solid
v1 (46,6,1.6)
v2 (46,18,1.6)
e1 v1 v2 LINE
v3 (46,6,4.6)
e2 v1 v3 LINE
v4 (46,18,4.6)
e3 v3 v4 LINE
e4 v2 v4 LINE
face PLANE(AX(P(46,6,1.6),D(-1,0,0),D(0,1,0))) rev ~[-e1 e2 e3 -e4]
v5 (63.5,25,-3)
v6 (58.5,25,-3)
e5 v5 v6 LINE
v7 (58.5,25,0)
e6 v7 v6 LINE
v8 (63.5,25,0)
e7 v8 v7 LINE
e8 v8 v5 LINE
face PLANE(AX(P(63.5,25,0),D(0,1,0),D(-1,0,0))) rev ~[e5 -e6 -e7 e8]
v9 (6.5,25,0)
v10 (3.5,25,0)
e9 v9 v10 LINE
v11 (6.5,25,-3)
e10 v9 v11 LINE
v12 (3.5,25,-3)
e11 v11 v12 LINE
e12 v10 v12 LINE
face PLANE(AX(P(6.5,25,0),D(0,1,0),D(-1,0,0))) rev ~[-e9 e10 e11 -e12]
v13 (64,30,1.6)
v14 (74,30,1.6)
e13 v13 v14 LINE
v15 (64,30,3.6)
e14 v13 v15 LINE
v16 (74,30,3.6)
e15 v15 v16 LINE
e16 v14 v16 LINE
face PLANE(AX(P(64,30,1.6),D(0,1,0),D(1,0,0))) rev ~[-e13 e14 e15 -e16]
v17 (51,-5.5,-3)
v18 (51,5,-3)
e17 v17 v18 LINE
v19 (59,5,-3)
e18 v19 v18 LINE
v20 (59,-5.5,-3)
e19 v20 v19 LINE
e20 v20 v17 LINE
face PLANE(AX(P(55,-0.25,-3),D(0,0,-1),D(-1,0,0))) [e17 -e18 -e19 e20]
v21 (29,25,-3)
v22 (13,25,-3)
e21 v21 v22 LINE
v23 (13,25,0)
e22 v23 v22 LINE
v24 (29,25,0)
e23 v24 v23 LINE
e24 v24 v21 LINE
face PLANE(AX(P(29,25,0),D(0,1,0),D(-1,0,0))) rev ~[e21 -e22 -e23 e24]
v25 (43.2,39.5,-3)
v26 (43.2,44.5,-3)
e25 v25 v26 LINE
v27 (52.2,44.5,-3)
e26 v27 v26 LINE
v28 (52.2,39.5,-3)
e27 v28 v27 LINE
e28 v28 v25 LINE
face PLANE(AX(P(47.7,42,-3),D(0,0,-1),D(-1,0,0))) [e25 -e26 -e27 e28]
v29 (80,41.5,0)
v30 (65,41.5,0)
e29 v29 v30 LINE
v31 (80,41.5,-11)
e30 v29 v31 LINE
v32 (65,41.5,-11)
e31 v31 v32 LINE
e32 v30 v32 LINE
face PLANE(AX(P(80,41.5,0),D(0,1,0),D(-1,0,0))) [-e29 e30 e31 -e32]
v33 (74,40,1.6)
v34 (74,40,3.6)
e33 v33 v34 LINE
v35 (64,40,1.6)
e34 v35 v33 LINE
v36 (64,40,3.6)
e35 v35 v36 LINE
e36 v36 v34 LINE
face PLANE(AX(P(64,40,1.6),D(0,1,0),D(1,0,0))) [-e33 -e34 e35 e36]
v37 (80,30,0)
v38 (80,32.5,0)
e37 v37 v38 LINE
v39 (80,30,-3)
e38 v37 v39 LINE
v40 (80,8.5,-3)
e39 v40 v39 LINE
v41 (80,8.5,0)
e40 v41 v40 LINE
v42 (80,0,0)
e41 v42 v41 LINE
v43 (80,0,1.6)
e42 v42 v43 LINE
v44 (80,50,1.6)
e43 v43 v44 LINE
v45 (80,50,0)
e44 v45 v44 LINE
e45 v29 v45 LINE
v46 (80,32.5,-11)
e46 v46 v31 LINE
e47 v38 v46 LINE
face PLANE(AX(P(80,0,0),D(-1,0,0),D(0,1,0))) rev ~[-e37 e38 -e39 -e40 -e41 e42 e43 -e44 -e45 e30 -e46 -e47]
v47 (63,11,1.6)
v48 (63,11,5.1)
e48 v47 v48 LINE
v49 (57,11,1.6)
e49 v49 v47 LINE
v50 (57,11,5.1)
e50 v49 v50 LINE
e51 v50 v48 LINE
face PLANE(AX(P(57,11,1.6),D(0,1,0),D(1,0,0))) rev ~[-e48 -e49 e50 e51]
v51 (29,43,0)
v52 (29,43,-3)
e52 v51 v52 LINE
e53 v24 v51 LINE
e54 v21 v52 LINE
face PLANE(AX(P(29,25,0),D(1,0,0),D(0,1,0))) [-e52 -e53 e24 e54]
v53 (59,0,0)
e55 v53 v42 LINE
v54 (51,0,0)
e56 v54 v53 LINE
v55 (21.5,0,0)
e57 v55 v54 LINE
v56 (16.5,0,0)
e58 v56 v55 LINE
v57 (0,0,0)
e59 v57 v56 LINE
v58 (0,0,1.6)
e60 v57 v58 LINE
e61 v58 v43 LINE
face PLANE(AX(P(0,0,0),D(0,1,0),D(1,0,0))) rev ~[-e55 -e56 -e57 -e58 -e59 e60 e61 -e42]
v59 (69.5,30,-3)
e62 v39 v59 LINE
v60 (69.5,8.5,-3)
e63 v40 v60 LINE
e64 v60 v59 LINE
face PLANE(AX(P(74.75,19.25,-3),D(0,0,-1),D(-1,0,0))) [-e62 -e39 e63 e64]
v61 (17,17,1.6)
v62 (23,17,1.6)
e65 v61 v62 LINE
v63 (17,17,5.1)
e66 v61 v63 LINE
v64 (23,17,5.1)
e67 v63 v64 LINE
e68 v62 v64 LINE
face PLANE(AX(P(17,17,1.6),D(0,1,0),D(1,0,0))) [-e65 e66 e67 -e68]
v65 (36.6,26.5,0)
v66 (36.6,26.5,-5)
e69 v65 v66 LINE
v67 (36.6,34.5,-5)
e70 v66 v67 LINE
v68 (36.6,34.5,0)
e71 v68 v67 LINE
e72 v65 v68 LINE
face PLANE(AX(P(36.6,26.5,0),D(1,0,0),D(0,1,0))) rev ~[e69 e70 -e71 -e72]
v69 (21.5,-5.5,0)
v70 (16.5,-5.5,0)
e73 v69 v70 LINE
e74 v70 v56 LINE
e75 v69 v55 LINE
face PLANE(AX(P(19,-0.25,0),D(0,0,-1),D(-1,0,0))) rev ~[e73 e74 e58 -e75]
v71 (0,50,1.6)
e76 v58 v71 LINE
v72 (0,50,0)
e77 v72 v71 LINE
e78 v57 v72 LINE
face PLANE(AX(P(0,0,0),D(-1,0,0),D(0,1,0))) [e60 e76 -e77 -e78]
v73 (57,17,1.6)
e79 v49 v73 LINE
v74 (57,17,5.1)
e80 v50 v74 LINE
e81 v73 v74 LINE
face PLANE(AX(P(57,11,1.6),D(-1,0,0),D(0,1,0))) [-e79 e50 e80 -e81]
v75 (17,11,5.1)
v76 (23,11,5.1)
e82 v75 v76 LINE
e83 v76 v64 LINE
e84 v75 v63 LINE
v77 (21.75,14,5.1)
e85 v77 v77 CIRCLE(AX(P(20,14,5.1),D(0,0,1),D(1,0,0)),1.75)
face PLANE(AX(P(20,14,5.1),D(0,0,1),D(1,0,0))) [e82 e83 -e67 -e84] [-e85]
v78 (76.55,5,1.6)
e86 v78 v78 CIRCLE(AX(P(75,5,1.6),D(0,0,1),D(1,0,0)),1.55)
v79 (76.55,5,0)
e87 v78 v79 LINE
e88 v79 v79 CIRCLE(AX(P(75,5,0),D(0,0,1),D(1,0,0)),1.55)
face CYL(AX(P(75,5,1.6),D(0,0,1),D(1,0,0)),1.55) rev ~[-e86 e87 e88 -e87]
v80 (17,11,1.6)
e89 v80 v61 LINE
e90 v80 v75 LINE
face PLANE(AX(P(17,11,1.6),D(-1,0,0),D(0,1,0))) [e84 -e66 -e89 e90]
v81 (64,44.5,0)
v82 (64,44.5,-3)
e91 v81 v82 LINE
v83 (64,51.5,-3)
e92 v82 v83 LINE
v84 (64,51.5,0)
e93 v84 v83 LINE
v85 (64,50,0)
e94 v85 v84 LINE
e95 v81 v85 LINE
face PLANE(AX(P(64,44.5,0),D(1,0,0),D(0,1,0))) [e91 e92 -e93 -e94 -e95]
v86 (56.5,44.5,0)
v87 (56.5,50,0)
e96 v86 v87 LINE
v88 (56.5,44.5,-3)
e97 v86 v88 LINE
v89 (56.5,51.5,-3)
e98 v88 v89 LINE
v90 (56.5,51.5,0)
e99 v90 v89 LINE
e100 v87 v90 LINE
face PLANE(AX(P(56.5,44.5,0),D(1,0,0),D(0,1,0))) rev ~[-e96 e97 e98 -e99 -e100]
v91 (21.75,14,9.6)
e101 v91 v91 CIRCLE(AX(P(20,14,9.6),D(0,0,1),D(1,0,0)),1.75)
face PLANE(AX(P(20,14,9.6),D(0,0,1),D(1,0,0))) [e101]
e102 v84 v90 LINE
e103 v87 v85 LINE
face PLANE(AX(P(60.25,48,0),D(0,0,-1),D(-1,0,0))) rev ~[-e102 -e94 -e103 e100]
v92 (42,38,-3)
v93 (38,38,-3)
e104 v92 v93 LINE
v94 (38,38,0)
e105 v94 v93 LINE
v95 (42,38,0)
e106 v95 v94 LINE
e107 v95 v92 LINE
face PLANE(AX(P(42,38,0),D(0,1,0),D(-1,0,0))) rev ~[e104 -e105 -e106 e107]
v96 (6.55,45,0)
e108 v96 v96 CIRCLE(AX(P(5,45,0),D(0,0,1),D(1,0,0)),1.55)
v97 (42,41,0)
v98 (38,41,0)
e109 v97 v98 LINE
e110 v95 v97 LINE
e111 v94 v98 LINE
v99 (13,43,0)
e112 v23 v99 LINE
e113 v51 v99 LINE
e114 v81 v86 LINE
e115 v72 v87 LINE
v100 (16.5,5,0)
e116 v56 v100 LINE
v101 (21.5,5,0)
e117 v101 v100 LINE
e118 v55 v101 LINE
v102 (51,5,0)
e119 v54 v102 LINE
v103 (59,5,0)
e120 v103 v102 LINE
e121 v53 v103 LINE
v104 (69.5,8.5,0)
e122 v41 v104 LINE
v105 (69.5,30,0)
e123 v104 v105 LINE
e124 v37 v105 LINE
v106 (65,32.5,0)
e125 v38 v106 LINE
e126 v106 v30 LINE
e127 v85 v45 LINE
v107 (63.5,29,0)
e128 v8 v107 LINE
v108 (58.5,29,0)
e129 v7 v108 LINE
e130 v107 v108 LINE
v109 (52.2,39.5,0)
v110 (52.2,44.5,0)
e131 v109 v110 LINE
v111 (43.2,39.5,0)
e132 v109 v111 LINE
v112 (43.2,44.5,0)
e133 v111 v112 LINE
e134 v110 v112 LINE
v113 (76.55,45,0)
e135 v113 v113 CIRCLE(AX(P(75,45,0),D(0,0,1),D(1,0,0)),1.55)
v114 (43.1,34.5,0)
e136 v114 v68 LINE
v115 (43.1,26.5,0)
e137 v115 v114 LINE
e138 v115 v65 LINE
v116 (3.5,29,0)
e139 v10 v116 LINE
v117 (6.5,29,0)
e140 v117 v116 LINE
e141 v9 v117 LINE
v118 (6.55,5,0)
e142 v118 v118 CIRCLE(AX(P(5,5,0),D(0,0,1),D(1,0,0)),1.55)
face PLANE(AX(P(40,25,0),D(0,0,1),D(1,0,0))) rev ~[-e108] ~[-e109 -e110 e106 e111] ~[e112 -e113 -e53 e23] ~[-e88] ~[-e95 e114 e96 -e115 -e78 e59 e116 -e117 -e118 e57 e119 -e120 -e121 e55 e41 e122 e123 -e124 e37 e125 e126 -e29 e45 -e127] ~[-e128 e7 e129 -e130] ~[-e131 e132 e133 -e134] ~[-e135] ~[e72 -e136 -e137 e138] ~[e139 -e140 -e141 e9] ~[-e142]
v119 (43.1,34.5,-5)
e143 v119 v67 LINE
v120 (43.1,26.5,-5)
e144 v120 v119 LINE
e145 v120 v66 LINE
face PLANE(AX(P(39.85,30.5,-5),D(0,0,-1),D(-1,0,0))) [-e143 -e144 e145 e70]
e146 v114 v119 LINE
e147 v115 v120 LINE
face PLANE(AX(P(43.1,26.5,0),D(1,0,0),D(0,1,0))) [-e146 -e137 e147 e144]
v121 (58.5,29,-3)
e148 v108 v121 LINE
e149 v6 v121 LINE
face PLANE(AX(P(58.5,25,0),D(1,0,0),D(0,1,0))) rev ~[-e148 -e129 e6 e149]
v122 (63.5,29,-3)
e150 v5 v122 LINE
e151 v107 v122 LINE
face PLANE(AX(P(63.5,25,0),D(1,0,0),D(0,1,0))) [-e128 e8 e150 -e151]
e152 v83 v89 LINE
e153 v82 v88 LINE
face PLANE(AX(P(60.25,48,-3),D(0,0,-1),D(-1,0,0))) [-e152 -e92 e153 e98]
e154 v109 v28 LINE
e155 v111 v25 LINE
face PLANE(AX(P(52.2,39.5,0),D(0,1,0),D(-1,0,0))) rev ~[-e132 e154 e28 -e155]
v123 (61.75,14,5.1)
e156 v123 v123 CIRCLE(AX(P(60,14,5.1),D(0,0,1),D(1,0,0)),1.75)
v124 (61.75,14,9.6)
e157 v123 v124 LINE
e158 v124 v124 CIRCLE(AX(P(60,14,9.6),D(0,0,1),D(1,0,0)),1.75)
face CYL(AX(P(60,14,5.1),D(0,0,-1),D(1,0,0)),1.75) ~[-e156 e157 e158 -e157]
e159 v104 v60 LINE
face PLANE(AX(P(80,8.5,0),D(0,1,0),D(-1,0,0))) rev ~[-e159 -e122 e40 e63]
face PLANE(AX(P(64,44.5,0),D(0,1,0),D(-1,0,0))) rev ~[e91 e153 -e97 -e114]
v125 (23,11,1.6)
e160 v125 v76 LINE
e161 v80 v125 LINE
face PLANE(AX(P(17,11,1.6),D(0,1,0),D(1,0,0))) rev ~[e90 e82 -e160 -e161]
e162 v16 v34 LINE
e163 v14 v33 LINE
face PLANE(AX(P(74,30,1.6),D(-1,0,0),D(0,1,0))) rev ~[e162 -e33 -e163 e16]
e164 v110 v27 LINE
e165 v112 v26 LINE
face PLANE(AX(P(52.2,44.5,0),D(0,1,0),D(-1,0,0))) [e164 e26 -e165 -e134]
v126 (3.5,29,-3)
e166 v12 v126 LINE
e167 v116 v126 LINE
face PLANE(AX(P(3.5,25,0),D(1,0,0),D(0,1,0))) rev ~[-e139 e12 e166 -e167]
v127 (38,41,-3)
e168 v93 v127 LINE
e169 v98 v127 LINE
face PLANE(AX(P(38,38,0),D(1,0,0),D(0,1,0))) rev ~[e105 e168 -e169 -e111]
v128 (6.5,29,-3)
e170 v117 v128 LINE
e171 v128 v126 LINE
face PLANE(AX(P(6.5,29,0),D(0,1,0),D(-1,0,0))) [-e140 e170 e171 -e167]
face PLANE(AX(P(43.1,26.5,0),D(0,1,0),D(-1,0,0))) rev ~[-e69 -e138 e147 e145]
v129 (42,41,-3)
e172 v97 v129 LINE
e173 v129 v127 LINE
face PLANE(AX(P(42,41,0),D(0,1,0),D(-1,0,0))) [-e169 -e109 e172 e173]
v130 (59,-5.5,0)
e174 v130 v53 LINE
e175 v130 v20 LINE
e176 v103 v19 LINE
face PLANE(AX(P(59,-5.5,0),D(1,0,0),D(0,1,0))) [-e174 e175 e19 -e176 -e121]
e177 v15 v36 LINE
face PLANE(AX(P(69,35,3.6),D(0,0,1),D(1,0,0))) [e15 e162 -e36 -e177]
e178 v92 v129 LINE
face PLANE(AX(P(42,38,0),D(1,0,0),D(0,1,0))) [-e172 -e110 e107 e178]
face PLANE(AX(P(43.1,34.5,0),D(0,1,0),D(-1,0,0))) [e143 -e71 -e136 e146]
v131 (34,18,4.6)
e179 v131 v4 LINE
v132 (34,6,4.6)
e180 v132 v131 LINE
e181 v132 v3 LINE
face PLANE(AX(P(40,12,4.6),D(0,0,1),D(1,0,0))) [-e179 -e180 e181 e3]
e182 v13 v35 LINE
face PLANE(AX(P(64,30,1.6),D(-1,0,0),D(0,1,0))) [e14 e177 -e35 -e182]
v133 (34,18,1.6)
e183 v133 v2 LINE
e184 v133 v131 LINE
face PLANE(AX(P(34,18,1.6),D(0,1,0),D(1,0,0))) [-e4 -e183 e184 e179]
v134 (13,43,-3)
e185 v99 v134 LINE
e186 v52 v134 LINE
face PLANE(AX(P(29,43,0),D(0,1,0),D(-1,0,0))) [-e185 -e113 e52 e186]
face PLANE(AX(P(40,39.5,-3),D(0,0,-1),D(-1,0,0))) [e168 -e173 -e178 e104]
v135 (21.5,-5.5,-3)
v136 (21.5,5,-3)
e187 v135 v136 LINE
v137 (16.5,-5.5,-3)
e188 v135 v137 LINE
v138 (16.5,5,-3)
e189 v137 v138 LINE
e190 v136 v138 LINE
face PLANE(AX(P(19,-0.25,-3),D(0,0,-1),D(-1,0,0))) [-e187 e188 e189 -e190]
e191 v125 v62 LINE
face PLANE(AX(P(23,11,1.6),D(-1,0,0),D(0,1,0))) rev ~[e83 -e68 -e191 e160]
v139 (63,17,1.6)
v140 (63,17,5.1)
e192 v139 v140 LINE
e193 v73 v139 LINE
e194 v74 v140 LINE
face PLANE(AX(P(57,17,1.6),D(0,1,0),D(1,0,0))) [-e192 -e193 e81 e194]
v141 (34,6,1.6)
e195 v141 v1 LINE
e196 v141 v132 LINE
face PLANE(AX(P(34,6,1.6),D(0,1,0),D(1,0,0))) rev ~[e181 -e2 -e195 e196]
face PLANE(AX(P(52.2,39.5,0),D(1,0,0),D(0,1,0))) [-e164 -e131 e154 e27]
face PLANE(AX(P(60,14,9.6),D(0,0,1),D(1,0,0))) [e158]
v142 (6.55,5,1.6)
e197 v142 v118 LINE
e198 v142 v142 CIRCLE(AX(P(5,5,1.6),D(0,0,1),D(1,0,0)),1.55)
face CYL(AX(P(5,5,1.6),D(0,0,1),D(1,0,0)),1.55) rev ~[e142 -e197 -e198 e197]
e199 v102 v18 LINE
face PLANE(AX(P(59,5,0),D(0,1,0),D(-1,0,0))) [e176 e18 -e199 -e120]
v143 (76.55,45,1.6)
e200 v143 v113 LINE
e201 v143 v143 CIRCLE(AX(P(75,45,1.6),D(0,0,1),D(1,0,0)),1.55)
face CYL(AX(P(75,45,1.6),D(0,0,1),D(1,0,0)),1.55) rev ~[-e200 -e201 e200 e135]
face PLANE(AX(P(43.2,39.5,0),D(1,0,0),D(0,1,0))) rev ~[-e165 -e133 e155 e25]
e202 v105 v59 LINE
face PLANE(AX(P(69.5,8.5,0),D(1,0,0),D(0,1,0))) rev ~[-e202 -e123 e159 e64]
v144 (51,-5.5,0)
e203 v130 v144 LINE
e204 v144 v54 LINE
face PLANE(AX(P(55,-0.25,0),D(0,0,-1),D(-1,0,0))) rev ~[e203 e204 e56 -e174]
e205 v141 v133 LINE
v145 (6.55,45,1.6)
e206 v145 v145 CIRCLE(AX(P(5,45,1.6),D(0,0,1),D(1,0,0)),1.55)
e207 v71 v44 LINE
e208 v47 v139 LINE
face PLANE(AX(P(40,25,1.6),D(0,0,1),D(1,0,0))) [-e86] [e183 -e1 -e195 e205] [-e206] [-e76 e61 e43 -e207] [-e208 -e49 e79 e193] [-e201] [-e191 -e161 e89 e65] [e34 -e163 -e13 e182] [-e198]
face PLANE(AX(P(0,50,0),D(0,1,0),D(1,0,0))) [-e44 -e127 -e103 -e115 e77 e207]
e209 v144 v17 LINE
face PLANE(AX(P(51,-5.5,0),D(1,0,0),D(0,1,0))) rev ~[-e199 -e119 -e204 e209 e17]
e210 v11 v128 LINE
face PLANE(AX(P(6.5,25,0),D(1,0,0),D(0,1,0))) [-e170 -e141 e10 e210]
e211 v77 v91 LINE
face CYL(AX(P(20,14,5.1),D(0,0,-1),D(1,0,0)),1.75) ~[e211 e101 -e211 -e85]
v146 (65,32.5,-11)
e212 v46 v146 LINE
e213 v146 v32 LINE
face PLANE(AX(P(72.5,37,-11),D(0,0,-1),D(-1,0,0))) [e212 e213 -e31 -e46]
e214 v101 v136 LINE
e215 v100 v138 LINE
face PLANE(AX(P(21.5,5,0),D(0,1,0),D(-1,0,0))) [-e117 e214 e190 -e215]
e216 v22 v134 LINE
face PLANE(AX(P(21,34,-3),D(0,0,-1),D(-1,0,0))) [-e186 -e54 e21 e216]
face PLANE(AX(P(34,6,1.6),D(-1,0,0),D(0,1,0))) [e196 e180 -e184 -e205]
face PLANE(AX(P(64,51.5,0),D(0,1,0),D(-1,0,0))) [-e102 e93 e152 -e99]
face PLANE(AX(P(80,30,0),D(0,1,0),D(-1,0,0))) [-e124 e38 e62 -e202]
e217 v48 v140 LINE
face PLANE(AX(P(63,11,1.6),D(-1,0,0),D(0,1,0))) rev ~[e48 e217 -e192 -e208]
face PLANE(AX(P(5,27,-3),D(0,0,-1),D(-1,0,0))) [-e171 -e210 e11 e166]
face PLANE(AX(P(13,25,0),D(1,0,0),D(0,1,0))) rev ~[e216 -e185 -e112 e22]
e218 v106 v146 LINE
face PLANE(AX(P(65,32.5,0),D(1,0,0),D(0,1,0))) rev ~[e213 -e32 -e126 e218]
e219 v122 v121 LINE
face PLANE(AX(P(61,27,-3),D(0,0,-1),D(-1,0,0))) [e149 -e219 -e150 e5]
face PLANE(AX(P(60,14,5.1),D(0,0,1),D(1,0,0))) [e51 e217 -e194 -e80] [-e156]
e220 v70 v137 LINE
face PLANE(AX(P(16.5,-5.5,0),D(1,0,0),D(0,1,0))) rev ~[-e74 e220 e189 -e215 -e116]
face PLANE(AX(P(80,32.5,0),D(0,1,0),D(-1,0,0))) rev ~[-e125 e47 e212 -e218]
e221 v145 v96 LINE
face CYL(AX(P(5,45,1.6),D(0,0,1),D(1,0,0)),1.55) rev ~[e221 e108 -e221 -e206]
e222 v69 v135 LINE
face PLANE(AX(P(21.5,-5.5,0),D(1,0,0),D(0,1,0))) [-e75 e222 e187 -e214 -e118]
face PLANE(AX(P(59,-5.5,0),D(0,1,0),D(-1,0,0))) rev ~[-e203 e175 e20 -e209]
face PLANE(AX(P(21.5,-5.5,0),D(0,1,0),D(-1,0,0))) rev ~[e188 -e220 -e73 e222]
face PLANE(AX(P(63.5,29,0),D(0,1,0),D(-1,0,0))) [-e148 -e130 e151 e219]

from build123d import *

# Parameters (mm, degrees)
SKETCH_1_W          = 80
SKETCH_1_H          = 50
EXTRUDE_1_DEPTH     = 1.6
SKETCH_2_R          = 1.55
CUT_EXTRUDE_1_DEPTH = 2.6
SKETCH_3_W          = 6
SKETCH_3_H          = 6
EXTRUDE_2_DEPTH     = 3.5
SKETCH_4_R          = 1.75
EXTRUDE_3_DEPTH     = 4.5
SKETCH_5_W          = 12
SKETCH_5_H          = 12
EXTRUDE_4_DEPTH     = 3
SKETCH_6_W          = 10
SKETCH_6_H          = 10
EXTRUDE_5_DEPTH     = 2
SKETCH_7_W          = 16
SKETCH_7_H          = 18
SKETCH_7_W_2        = 3
SKETCH_7_H_2        = 4
SKETCH_7_W_3        = 5
SKETCH_7_H_3        = 10.5
SKETCH_7_W_4        = 8
SKETCH_7_W_5        = 10.5
SKETCH_7_H_4        = 21.5
SKETCH_7_W_6        = 7.5
SKETCH_7_H_5        = 7
SKETCH_7_W_7        = 9
SKETCH_7_H_6        = 5
SKETCH_7_W_8        = 4
SKETCH_7_H_7        = 3
EXTRUDE_6_DEPTH     = 3
SKETCH_8_W          = 6.5
SKETCH_8_H          = 8
EXTRUDE_7_DEPTH     = 5
SKETCH_9_W          = 15
SKETCH_9_H          = 9
EXTRUDE_8_DEPTH     = 11


with BuildPart() as part:
    # ｽｹｯﾁ1 → ﾎﾞｽ - 押し出し1 (new body)
    with BuildSketch(Plane.XY):
        with Locations((40, 25)):
            Rectangle(SKETCH_1_W, SKETCH_1_H)
    extrude(amount=EXTRUDE_1_DEPTH)

    # ｽｹｯﾁ2 → ｶｯﾄ - 押し出し1 (cut, through all)
    with BuildSketch(Plane.XY.offset(1.6)):
        with Locations((75, 45)):
            Circle(SKETCH_2_R)
        with Locations((75, 5)):
            Circle(SKETCH_2_R)
        with Locations((5, 5)):
            Circle(SKETCH_2_R)
        with Locations((5, 45)):
            Circle(SKETCH_2_R)
    extrude(amount=-CUT_EXTRUDE_1_DEPTH, mode=Mode.SUBTRACT)

    # ｽｹｯﾁ3 → ﾎﾞｽ - 押し出し2 (add)
    with BuildSketch(Plane.XY.offset(1.6)):
        with Locations((60, 14)):
            Rectangle(SKETCH_3_W, SKETCH_3_H)
        with Locations((20, 14)):
            Rectangle(SKETCH_3_W, SKETCH_3_H)
    extrude(amount=EXTRUDE_2_DEPTH)

    # ｽｹｯﾁ4 → ﾎﾞｽ - 押し出し3 (add)
    with BuildSketch(Plane.XY.offset(5.1)):
        with Locations((20, 14)):
            Circle(SKETCH_4_R)
        with Locations((60, 14)):
            Circle(SKETCH_4_R)
    extrude(amount=EXTRUDE_3_DEPTH)

    # ｽｹｯﾁ5 → ﾎﾞｽ - 押し出し4 (add)
    with BuildSketch(Plane.XY.offset(1.6)):
        with Locations((40, 12)):
            Rectangle(SKETCH_5_W, SKETCH_5_H)
    extrude(amount=EXTRUDE_4_DEPTH)

    # ｽｹｯﾁ6 → ﾎﾞｽ - 押し出し5 (add)
    with BuildSketch(Plane.XY.offset(1.6)):
        with Locations((69, 35)):
            Rectangle(SKETCH_6_W, SKETCH_6_H)
    extrude(amount=EXTRUDE_5_DEPTH)

    # ｽｹｯﾁ7 → ﾎﾞｽ - 押し出し6 (add)
    with BuildSketch(Plane(origin=(0, 0, 0), x_dir=(-1, 0, 0), z_dir=(0, 0, -1))):
        with Locations((-21, 34)):
            Rectangle(SKETCH_7_W, SKETCH_7_H)
        with Locations((-5, 27)):
            Rectangle(SKETCH_7_W_2, SKETCH_7_H_2)
        with Locations((-19, -0.25)):
            Rectangle(SKETCH_7_W_3, SKETCH_7_H_3)
        with Locations((-55, -0.25)):
            Rectangle(SKETCH_7_W_4, SKETCH_7_H_3)
        with Locations((-74.75, 19.25)):
            Rectangle(SKETCH_7_W_5, SKETCH_7_H_4)
        with Locations((-60.25, 48)):
            Rectangle(SKETCH_7_W_6, SKETCH_7_H_5)
        with Locations((-47.7, 42)):
            Rectangle(SKETCH_7_W_7, SKETCH_7_H_6)
        with Locations((-40, 39.5)):
            Rectangle(SKETCH_7_W_8, SKETCH_7_H_7)
        with Locations((-61, 27)):
            Rectangle(SKETCH_7_W_3, SKETCH_7_H_2)
    extrude(amount=EXTRUDE_6_DEPTH)

    # ｽｹｯﾁ8 → ﾎﾞｽ - 押し出し7 (add)
    with BuildSketch(Plane(origin=(0, 0, 0), x_dir=(-1, 0, 0), z_dir=(0, 0, -1))):
        with Locations((-39.85, 30.5)):
            Rectangle(SKETCH_8_W, SKETCH_8_H)
    extrude(amount=EXTRUDE_7_DEPTH)

    # ｽｹｯﾁ9 → ﾎﾞｽ - 押し出し8 (add)
    with BuildSketch(Plane(origin=(0, 0, 0), x_dir=(-1, 0, 0), z_dir=(0, 0, -1))):
        with Locations((-72.5, 37)):
            Rectangle(SKETCH_9_W, SKETCH_9_H)
    extrude(amount=EXTRUDE_8_DEPTH)


solid = part.part
